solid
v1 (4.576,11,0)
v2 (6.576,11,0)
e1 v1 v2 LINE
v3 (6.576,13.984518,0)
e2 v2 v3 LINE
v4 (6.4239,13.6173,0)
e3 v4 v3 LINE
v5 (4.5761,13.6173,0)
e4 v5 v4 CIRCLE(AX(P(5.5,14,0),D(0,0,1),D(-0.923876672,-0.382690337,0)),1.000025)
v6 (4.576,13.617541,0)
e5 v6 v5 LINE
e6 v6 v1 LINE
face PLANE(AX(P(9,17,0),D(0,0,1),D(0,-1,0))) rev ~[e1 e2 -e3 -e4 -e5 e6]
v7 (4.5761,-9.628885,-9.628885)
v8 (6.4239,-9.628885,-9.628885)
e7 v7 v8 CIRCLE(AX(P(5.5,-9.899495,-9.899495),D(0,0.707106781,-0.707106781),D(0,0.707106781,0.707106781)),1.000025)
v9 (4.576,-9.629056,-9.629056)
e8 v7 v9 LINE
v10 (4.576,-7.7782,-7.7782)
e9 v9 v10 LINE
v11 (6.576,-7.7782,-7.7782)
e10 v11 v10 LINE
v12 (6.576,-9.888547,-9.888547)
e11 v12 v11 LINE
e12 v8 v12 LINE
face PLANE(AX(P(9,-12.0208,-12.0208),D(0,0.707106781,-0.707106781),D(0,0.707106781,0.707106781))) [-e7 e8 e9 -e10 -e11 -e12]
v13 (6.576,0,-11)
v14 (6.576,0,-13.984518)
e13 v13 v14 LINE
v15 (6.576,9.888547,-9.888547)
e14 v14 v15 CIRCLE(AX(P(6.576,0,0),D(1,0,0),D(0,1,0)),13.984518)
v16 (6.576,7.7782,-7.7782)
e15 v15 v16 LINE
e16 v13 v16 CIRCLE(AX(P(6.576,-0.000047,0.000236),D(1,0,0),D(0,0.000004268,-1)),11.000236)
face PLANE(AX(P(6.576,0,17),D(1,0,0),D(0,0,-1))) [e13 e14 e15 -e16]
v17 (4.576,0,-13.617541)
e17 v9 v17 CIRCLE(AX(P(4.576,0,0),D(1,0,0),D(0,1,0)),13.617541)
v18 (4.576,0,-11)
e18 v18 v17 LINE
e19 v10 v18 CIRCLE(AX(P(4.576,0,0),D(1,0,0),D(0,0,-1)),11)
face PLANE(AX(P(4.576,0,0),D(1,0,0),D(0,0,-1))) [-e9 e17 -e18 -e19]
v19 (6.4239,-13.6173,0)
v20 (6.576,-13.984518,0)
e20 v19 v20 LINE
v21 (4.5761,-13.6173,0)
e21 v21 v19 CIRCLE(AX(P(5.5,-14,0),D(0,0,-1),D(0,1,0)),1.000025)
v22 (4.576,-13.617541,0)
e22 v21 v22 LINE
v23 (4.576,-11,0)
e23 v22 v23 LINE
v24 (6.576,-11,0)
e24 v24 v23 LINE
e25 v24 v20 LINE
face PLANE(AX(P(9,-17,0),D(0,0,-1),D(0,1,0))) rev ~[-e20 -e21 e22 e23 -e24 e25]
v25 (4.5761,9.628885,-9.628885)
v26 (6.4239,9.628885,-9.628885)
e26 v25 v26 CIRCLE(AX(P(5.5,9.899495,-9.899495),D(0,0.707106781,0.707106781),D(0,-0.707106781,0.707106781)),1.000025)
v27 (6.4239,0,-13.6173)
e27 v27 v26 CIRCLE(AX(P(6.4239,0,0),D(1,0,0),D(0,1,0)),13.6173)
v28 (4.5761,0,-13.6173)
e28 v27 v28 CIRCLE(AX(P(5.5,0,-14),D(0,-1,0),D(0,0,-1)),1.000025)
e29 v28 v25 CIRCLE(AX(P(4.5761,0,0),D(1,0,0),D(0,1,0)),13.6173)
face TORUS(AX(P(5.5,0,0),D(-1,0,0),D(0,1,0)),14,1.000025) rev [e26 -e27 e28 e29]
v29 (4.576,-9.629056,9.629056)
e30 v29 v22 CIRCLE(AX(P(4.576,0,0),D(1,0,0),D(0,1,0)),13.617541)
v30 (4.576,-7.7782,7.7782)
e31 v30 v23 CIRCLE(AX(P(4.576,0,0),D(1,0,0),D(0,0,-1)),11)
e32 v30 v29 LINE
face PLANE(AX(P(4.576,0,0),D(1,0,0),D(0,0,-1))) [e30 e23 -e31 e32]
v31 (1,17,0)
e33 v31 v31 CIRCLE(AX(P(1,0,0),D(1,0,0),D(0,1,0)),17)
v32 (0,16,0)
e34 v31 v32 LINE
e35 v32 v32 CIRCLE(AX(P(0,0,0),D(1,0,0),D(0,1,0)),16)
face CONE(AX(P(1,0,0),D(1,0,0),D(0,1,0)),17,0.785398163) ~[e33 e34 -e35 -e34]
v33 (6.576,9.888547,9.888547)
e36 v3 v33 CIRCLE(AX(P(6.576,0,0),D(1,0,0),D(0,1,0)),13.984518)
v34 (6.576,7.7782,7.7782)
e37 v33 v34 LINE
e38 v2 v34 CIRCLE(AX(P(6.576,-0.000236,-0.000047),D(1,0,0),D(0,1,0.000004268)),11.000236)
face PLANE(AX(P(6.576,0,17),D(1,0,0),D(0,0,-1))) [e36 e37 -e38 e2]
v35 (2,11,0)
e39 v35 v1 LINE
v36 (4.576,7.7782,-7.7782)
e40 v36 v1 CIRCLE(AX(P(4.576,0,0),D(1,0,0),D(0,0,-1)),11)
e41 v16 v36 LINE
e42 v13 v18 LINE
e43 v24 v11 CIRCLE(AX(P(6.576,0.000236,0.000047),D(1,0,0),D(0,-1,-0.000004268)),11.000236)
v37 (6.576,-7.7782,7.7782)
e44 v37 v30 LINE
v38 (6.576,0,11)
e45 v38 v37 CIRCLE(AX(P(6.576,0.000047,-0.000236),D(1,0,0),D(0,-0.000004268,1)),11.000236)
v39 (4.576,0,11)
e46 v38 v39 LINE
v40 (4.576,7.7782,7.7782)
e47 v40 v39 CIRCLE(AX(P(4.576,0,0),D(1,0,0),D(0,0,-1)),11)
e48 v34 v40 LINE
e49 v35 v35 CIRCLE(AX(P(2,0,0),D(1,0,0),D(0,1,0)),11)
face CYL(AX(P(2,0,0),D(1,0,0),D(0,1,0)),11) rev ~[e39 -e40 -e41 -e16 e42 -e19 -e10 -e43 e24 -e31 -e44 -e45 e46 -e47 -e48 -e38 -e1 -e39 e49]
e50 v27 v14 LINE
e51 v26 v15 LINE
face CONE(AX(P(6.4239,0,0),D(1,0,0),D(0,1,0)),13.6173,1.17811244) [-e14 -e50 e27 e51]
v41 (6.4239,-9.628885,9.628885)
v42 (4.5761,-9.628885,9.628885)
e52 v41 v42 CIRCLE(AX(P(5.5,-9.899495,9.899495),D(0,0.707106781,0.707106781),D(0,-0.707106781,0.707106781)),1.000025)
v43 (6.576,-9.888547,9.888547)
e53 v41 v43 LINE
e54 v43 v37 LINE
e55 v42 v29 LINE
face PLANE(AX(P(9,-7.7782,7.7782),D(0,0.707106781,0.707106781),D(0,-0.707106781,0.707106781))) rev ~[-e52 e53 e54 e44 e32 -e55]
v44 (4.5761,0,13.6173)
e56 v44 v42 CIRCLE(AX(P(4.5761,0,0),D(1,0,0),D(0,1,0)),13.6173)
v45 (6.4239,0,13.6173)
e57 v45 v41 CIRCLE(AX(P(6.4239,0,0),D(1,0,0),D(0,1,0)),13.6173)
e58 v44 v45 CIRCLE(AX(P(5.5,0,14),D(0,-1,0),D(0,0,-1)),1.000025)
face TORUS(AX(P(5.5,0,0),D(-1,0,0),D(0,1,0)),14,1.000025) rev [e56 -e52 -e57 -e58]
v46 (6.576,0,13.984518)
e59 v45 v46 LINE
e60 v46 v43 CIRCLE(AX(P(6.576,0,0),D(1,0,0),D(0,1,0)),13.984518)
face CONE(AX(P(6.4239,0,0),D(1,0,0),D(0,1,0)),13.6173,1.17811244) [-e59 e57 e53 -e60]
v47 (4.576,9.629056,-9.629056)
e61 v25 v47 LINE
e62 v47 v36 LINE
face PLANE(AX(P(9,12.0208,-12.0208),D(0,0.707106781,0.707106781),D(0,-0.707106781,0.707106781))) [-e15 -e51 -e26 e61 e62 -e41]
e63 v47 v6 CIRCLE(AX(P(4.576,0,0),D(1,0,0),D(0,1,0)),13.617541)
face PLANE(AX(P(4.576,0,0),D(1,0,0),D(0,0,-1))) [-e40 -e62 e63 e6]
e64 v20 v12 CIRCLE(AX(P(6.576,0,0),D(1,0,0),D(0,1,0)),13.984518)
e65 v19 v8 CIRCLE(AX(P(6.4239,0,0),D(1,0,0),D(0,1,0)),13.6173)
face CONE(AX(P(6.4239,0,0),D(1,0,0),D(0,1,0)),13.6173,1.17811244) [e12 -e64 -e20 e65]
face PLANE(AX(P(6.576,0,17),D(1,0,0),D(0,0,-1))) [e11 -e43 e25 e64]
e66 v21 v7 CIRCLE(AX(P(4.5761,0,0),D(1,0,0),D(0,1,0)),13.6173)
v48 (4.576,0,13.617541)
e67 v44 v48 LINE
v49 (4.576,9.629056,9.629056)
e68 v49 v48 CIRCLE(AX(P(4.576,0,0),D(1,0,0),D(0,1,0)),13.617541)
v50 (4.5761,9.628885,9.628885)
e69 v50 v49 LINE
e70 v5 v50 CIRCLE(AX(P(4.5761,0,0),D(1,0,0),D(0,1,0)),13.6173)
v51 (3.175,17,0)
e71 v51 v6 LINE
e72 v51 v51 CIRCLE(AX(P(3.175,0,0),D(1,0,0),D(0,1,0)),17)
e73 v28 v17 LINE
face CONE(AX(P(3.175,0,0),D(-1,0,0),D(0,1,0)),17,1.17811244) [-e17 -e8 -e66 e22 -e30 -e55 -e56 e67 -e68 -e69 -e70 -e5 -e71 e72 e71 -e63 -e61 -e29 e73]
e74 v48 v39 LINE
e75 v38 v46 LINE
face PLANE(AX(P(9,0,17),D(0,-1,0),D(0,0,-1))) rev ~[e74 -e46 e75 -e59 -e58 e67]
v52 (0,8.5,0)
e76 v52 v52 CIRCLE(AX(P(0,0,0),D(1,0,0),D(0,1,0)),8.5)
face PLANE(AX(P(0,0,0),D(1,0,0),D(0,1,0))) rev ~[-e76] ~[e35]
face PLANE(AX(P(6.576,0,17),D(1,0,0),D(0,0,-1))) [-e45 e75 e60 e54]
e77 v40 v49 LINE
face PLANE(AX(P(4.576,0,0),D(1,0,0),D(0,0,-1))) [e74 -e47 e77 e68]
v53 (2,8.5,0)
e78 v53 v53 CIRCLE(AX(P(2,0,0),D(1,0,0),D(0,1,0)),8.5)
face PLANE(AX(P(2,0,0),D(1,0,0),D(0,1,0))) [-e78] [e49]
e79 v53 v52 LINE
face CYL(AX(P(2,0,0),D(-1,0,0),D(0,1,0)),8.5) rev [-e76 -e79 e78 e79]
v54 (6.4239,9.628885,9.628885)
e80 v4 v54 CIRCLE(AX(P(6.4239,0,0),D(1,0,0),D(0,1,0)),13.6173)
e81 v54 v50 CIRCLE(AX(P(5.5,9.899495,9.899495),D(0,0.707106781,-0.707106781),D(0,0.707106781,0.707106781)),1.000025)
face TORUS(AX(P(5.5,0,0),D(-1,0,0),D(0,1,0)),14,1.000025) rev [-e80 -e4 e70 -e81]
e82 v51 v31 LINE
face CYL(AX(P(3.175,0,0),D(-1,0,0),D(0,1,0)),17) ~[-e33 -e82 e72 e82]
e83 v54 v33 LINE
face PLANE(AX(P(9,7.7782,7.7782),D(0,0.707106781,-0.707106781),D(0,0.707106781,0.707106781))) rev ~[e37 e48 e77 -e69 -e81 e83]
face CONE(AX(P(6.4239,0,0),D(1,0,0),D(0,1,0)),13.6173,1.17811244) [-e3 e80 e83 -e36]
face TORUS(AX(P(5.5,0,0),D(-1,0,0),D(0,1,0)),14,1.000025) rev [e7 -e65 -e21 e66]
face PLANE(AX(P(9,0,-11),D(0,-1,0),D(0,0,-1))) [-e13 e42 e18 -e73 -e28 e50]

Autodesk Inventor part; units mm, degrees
ref_plane "YZ Plane" through (0, 0, 0) normal (1, 0, 0) x (0, 1, 0)
ref_plane "XZ Plane" through (0, 0, 0) normal (0, 1, 0) x (-1, 0, 0)
ref_plane "XY Plane" through (0, 0, 0) normal (0, 0, 1) x (1, 0, 0)
sketch "Sketch1" plane through (0, 0, 0) normal (0, 0, 1) x (1, 0, 0)
  line L0 (3.175, 17) -> (4.5761, 13.6173)
  line L1 (6.4239, 13.6173) -> (7.825, 17)
  arc A0 (4.5761, 13.6173) -> (6.4239, 13.6173) centre (5.5, 14) ccw
  line L2 (7.825, 17) -> (9, 17)
  line L3 (3.175, 17) -> (0, 17)
  line L4 (2, 11) -> (9, 11)
  line L5 (9, 17) -> (9, 11)
  line L6 (0, 17) -> (0, 8.5)
  line L7 (2, 11) -> (2, 8.5)
  line L8 (2, 8.5) -> (0, 8.5)
  line L9 (0, 0) -> (2, 0) construction
  point P0 (5.5, 11)
  dimension "d0" = 45
  dimension "d1" = 1
  dimension "d2" = 3
  dimension "d4" = 6
  dimension "d5" = 2
  dimension "d8" = 7
  dimension "d9" = 17
  dimension "d10" = 22
revolve "Revolution1" add sketch "Sketch1" angle 360 about axis through (0, 0, 0) along (1, 0, 0)
sketch "Sketch2" plane through (9, 0, 0) normal (1, 0, 0) x (0, 0, -1)
  circle A0 centre (0, 0) radius 11 projected
  circle A1 centre (0, 0) radius 17 projected
  line L0 (-17, 0) -> (17, 0) construction
  line L1 (-12.0208, -12.0208) -> (12.0208, 12.0208) construction
  line L2 (0, -17) -> (0, 17) construction
  line L3 (12.0208, -12.0208) -> (-12.0208, 12.0208) construction
  line L4 (-17, 0) -> (-11, 0)
  line L5 (-7.7782, 7.7782) -> (-12.0208, 12.0208)
  line L6 (0, 17) -> (0, 11)
  line L7 (12.0208, 12.0208) -> (7.7782, 7.7782)
  line L8 (11, 0) -> (17, 0)
  line L9 (12.0208, -12.0208) -> (7.7782, -7.7782)
  line L10 (0, -17) -> (0, -11)
  line L11 (-7.7782, -7.7782) -> (-12.0208, -12.0208)
  arc A2 (7.7782, 7.7782) -> (0, 11) centre (0, 0) ccw
  arc A3 (12.0208, 12.0208) -> (0, 17) centre (0, 0) ccw
  arc A4 (7.7782, -7.7782) -> (11, 0) centre (0, 0) ccw
  arc A5 (12.0208, -12.0208) -> (17, 0) centre (0, 0) ccw
  arc A6 (-12.0208, 12.0208) -> (-17, 0) centre (0, 0) ccw
  arc A7 (-12.0208, -12.0208) -> (0, -17) centre (0, 0) ccw
  arc A8 (-7.7782, 7.7782) -> (-11, 0) centre (0, 0) ccw
  arc A9 (-7.7782, -7.7782) -> (0, -11) centre (0, 0) ccw
  dimension "d14" = 135
extrude "Extrusion1" cut sketch "Sketch2" against normal blind 4.424 contours L8 A1 L9 A0 | A0 L6 A1 L7 | L10 A1 L11 A0 | A0 L4 A1 L5
sketch "Sketch3" plane through (9, 0, 17) normal (1, 0, 0) x (0, 0, -1)
  line L0 (4.9792, -12.0208) -> (9.2218, -7.7782) projected
  arc A0 (6, 0) -> (9.2218, -7.7782) centre (17, 0) ccw projected
  line L1 (6, 0) -> (0, 0) projected
  arc A1 (0, 0) -> (4.9792, -12.0208) centre (17, 0) ccw projected
  line L2 (4.9792, 12.0208) -> (9.2218, 7.7782) projected
  arc A2 (17, 11) -> (9.2218, 7.7782) centre (17, 0) ccw projected
  line L3 (17, 11) -> (17, 17) projected
  arc A3 (17, 17) -> (4.9792, 12.0208) centre (17, 0) ccw projected
  line L4 (28, 0) -> (34, 0) projected
  arc A4 (34, 0) -> (29.0208, 12.0208) centre (17, 0) ccw projected
  line L5 (29.0208, 12.0208) -> (24.7782, 7.7782) projected
  arc A5 (28, 0) -> (24.7782, 7.7782) centre (17, 0) ccw projected
  line L6 (17, -11) -> (17, -17) projected
  arc A6 (17, -17) -> (29.0208, -12.0208) centre (17, 0) ccw projected
  line L7 (29.0208, -12.0208) -> (24.7782, -7.7782) projected
  arc A7 (17, -11) -> (24.7782, -7.7782) centre (17, 0) ccw projected
extrude "Extrusion2" cut sketch "Sketch3" against normal blind 2.424
chamfer "Chamfer1" distance 1 angle 45 1 edges at (0, -17, 0)
properties part number "rope_pulley" material "ABS Plastic"
